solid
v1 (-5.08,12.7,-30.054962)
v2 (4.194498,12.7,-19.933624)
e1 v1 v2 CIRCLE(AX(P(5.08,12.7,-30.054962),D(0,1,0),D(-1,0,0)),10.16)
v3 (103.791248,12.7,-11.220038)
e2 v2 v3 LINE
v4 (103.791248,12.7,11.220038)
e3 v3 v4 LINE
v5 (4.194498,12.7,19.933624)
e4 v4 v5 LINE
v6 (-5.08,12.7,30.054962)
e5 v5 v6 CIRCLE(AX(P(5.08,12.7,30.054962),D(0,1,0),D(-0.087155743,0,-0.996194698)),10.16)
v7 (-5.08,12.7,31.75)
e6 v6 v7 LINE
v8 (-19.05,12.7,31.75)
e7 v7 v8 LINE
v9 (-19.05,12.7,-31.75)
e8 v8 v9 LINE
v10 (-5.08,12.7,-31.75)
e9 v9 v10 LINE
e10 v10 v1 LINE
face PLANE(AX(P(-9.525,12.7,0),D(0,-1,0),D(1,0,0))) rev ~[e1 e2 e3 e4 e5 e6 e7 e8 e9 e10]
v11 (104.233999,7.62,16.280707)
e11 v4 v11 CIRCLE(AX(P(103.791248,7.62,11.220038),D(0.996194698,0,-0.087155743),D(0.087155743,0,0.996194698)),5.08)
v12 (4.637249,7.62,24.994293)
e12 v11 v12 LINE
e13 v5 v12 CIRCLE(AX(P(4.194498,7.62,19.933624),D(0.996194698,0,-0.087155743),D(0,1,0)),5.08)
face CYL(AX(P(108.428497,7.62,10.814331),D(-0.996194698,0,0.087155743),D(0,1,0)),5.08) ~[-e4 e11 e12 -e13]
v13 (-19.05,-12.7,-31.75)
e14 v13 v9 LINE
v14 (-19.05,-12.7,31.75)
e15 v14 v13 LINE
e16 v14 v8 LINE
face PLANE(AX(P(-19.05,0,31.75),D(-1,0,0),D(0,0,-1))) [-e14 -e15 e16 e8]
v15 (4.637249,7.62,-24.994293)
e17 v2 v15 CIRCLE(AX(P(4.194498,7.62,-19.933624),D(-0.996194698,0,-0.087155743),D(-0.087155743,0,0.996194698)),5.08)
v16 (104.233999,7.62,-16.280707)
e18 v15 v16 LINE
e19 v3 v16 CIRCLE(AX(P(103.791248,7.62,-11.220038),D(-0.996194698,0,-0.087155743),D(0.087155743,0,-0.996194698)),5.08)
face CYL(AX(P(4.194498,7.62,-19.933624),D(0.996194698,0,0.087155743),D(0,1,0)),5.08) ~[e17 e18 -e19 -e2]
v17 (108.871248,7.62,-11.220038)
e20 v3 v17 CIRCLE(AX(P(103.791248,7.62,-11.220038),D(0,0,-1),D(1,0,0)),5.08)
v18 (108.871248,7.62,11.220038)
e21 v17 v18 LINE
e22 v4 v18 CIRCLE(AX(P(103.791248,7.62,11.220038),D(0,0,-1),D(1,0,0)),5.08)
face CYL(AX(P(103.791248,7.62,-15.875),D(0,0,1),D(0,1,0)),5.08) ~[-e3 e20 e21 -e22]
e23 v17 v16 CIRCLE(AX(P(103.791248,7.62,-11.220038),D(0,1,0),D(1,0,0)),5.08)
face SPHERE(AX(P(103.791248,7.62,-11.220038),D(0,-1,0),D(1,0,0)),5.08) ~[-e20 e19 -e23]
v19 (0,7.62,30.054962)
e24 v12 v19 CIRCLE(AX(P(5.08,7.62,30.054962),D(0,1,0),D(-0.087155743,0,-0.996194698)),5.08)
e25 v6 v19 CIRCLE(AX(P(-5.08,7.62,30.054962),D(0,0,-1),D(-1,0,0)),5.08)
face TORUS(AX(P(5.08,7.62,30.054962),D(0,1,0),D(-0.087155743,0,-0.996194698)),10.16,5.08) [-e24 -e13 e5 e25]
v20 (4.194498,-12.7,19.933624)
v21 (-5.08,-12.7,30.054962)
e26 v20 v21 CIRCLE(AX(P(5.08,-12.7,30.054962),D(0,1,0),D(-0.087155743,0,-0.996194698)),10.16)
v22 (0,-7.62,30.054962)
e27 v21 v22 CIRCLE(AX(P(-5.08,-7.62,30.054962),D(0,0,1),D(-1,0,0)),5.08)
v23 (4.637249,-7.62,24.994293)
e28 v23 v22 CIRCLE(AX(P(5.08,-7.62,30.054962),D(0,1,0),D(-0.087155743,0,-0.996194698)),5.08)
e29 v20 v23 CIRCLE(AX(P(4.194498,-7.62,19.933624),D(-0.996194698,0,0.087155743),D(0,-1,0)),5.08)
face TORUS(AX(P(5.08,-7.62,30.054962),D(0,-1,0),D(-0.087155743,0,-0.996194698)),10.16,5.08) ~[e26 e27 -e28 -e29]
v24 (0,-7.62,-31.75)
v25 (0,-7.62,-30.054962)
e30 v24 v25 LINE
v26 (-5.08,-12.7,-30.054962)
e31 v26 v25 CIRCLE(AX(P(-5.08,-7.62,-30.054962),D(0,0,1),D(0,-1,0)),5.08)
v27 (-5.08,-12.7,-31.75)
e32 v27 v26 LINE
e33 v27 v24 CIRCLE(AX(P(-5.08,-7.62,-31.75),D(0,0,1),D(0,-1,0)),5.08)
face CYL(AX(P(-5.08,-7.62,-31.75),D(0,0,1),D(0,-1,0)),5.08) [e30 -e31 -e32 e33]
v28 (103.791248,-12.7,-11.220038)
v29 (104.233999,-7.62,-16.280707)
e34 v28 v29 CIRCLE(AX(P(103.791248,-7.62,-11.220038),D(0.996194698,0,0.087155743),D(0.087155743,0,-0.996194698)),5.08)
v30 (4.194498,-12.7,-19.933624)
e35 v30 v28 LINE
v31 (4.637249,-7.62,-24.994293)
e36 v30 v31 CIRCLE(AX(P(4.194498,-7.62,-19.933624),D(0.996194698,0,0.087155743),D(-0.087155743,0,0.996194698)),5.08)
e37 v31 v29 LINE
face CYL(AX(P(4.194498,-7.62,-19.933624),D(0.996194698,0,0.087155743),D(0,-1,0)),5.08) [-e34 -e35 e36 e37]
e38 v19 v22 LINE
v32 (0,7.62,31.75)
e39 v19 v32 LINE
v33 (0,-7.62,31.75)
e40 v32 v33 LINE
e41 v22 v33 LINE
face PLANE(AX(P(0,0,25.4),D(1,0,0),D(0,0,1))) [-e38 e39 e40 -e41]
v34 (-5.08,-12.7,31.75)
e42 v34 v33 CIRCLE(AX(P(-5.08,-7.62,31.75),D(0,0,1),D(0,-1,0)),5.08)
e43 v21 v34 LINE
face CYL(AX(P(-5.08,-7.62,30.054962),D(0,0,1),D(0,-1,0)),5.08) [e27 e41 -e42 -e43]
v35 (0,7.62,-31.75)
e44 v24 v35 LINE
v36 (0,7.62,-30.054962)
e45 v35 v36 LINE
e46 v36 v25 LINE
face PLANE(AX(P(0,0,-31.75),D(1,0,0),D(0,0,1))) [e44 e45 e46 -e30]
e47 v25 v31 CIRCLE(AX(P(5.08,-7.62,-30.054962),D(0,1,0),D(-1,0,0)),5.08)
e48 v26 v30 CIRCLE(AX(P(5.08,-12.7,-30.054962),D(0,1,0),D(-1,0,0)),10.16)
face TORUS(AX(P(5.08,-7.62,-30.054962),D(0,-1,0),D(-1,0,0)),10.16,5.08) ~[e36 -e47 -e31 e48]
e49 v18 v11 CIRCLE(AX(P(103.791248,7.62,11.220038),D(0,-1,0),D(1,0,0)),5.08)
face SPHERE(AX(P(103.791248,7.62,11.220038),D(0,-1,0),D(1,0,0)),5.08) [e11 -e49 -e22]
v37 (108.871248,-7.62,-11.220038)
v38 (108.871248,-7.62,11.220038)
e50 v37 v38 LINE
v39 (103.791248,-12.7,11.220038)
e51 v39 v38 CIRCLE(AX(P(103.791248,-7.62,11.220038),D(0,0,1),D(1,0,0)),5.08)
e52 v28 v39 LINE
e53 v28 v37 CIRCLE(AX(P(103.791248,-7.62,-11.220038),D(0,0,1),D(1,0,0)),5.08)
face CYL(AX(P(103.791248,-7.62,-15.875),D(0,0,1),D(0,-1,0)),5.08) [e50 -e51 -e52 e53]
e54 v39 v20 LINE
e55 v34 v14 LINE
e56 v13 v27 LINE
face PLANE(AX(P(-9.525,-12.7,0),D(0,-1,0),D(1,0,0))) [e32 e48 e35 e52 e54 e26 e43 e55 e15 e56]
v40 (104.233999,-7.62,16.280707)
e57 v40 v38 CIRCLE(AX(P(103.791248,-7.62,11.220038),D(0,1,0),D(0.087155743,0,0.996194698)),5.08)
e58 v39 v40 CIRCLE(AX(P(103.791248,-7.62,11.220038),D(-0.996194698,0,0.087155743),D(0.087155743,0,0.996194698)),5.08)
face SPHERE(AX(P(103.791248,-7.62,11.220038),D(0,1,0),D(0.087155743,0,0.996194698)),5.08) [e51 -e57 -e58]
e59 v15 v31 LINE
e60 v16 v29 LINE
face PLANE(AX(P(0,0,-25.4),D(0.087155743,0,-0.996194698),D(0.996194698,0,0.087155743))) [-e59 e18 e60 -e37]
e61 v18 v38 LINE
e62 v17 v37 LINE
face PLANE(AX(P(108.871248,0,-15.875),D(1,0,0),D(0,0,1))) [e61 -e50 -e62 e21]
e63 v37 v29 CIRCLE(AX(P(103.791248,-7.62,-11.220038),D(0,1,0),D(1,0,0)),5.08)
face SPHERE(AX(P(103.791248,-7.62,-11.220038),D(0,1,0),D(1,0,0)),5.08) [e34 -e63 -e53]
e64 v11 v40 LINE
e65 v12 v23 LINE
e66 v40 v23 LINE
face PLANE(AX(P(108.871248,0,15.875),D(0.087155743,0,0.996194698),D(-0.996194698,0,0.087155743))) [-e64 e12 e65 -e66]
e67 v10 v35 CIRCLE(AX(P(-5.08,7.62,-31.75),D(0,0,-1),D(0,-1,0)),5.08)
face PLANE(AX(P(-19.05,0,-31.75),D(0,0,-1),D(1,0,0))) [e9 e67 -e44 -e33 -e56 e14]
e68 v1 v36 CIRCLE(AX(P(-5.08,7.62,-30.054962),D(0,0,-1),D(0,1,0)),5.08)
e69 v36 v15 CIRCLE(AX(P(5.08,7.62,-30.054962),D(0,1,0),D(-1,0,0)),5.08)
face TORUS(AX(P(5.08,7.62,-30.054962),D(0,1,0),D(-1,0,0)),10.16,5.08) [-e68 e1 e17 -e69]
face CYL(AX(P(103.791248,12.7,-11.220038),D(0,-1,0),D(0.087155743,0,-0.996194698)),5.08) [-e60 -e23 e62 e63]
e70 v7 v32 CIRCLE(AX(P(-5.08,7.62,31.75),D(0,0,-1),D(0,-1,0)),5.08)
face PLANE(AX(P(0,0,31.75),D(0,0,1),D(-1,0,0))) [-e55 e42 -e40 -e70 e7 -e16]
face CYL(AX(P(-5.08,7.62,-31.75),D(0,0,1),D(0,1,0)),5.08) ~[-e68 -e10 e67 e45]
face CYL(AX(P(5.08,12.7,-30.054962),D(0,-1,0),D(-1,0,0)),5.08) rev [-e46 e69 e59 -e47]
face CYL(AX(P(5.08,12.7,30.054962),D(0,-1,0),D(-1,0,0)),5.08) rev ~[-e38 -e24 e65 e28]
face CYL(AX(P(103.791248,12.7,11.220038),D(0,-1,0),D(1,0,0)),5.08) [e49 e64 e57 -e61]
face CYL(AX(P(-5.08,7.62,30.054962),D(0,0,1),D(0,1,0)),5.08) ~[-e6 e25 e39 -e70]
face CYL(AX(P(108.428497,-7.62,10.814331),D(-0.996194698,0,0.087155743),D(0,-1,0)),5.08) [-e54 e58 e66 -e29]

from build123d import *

# Parameters (mm, degrees)
F1_DEPTH = 12.7
F2_R     = 5.08
F3_R     = 5.08


with BuildPart() as f1:
    # F0 (on Front) → F1 (new body, symmetric)
    with BuildSketch(Plane.XZ):
        Polygon((0, -31.75), (0, -25.4), (0, 25.4), (0, 31.75), (-19.05, 31.75), (-19.05, -31.75), align=None)
        Polygon((0, 25.4), (0, -25.4), (108.871248, -15.875), (108.871248, 15.875), align=None)
    extrude(amount=F1_DEPTH, both=True)

    # F2
    f2_edges = [f1.edges().sort_by_distance(p)[0] for p in [
        (0, 0, 25.4),
        (0, 0, -25.4),
    ]]
    fillet(f2_edges, radius=F2_R)

    # F3
    f3_edges = [f1.edges().sort_by_distance(p)[0] for p in [
        (56.754249, 12.7, 20.434647),
        (108.871248, 0, 15.875),
        (56.754249, -12.7, 20.434647),
        (108.871248, -12.7, 0),
        (108.871248, 12.7, 0),
        (56.754249, -12.7, -20.434647),
        (56.754249, 12.7, -20.434647),
        (108.871248, 0, -15.875),
    ]]
    fillet(f3_edges, radius=F3_R)


solid = f1.part
